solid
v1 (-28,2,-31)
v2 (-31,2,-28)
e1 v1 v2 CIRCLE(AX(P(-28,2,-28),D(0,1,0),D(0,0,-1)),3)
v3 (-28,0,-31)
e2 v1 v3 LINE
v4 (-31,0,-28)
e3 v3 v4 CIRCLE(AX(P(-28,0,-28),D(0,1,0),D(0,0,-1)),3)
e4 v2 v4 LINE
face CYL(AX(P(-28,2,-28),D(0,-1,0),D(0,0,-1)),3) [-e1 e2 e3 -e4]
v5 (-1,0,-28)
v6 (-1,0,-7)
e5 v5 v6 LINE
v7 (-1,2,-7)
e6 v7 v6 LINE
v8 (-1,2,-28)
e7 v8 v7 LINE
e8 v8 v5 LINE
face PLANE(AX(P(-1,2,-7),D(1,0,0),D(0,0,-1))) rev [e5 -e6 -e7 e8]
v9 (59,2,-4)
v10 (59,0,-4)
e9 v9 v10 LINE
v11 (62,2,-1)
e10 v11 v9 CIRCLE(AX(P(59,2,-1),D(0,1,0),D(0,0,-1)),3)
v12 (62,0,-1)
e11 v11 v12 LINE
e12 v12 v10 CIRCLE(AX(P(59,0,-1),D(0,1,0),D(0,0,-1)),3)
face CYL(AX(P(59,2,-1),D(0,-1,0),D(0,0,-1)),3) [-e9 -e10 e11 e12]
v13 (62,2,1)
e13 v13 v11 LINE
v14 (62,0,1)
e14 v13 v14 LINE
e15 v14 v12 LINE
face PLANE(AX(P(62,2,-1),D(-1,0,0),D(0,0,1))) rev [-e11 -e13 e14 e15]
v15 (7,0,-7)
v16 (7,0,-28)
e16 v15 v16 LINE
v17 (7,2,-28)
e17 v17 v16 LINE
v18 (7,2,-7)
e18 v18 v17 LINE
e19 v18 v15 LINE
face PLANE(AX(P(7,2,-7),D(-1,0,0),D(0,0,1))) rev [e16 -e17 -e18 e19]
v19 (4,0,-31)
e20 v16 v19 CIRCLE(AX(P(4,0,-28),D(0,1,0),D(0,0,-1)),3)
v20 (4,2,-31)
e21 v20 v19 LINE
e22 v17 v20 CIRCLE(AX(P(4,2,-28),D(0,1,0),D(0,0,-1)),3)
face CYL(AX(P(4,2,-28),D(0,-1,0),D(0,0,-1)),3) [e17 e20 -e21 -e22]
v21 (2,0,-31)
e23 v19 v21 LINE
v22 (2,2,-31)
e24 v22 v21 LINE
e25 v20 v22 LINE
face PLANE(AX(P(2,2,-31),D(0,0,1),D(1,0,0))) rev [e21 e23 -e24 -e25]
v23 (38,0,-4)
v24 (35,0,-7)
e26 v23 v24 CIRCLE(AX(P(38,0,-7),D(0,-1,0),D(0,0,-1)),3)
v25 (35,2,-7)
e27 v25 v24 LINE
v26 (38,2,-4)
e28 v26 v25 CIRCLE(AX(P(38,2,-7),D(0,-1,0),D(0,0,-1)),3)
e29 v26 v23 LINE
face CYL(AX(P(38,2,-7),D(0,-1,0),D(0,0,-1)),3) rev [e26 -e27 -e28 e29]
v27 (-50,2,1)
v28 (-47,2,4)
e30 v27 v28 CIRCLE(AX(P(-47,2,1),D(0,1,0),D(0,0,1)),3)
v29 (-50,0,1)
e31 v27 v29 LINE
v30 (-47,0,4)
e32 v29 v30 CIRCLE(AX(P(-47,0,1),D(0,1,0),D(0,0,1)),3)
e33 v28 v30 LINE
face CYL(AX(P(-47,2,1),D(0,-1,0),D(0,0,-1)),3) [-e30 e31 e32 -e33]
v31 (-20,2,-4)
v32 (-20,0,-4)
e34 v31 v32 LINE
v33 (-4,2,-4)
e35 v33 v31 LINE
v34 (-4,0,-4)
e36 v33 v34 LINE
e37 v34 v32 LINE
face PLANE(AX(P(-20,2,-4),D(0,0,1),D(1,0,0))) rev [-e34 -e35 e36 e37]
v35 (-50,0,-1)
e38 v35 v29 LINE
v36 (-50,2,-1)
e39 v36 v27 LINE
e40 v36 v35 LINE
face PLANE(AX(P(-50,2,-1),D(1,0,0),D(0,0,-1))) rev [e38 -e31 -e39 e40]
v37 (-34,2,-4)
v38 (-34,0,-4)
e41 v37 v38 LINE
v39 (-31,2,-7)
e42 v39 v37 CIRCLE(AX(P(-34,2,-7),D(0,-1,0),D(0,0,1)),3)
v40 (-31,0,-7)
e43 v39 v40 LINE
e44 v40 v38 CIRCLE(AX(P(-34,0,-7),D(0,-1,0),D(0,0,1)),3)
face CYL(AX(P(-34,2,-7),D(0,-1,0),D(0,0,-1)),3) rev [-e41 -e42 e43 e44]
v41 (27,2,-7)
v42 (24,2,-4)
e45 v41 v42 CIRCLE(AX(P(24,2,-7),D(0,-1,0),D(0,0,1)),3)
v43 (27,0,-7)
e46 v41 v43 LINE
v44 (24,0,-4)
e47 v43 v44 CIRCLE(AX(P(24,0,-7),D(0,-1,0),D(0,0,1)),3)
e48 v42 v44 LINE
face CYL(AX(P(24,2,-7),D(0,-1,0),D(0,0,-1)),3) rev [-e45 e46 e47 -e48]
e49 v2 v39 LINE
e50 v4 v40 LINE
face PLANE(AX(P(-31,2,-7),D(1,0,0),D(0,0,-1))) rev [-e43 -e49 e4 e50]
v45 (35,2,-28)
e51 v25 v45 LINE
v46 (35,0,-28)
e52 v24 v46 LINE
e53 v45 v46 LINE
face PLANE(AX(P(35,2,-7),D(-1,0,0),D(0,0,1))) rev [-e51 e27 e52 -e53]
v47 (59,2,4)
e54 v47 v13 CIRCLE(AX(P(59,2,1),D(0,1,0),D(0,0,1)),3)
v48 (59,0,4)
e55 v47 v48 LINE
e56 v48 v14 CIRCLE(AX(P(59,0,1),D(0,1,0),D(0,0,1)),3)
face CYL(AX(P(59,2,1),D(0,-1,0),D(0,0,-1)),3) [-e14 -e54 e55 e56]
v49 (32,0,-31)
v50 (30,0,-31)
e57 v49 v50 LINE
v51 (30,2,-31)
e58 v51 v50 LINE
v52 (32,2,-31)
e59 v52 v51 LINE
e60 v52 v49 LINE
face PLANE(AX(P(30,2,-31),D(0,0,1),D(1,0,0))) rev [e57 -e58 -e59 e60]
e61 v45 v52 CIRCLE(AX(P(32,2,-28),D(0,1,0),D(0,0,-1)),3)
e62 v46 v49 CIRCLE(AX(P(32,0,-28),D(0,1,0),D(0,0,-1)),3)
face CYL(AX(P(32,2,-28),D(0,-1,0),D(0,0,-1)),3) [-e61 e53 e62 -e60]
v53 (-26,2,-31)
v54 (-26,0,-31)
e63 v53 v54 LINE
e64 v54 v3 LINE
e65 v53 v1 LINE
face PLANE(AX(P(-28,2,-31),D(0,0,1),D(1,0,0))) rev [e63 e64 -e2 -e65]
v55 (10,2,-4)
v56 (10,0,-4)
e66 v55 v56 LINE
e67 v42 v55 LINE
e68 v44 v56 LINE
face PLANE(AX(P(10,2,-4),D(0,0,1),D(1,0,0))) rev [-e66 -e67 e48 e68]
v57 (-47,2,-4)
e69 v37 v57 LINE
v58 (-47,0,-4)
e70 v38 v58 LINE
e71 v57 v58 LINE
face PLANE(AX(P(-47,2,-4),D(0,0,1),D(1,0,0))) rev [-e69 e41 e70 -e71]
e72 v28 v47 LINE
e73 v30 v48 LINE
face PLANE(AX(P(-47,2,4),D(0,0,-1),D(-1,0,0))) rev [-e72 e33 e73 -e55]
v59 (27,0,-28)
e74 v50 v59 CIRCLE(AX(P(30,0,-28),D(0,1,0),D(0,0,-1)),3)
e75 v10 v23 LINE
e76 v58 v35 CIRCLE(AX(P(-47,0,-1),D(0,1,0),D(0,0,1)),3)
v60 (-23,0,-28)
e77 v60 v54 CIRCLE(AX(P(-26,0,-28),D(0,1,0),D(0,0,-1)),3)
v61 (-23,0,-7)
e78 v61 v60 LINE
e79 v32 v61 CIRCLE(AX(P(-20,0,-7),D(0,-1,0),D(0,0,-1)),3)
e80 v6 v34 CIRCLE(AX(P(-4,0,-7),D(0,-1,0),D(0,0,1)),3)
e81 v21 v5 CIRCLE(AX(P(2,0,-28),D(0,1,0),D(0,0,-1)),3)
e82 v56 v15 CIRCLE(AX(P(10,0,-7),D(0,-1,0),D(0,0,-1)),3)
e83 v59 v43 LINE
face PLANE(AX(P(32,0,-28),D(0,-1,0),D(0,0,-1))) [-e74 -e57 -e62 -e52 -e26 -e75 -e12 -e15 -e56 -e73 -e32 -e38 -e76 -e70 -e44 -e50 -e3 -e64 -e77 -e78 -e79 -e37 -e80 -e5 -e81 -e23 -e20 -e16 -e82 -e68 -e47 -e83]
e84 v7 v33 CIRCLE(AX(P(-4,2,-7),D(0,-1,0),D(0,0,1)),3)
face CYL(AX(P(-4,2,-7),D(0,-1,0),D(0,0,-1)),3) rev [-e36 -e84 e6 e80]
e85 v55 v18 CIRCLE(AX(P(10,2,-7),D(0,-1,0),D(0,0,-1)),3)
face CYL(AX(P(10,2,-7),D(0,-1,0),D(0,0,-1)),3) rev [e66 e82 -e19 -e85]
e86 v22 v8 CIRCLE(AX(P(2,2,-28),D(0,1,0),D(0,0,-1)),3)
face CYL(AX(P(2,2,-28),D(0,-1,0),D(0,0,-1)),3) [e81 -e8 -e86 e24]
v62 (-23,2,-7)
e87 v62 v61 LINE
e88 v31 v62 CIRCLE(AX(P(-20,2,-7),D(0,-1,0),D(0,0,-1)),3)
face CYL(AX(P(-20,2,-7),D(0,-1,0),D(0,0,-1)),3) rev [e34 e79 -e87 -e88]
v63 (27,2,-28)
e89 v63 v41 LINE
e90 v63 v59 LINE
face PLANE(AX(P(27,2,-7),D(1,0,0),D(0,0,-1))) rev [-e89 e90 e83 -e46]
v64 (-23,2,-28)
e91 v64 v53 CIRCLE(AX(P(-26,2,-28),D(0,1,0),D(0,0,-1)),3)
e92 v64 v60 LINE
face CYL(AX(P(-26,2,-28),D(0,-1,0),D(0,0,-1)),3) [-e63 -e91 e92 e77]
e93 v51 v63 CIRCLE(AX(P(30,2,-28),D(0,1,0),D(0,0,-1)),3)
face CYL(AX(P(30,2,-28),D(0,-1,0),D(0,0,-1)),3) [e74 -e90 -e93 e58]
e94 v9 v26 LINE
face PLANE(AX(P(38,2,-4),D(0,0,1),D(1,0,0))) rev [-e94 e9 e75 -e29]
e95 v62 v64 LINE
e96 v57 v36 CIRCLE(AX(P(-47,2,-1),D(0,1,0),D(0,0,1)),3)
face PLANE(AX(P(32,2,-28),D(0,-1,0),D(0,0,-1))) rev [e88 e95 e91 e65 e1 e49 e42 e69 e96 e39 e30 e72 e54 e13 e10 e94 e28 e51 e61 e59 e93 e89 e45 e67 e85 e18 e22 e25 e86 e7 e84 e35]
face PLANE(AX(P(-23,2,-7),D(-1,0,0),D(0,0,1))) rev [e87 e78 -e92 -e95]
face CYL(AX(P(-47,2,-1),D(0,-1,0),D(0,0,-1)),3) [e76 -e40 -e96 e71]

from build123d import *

# Parameters (mm, degrees)
BOSS_EXTRUDE1_DEPTH = 2


with BuildPart() as part:
    # Sketch1 → Boss-Extrude1 (new body)
    with BuildSketch(Plane(origin=(0, 0, 0), x_dir=(1, 0, 0), z_dir=(0, 1, 0))):
        with BuildLine():
            Line((-20, 4), (-4, 4))
            ThreePointArc((-4, 4), (-1.878679656, 4.878679656), (-1, 7))
            Line((-1, 7), (-1, 28))
            ThreePointArc((-1, 28), (-0.121320344, 30.121320344), (2, 31))
            Line((2, 31), (4, 31))
            ThreePointArc((4, 31), (6.121320344, 30.121320344), (7, 28))
            Line((7, 28), (7, 7))
            ThreePointArc((7, 7), (7.878679656, 4.878679656), (10, 4))
            Line((10, 4), (24, 4))
            ThreePointArc((24, 4), (26.121320344, 4.878679656), (27, 7))
            Line((27, 7), (27, 28))
            ThreePointArc((27, 28), (27.878679656, 30.121320344), (30, 31))
            Line((30, 31), (32, 31))
            ThreePointArc((32, 31), (34.121320344, 30.121320344), (35, 28))
            Line((35, 28), (35, 7))
            ThreePointArc((35, 7), (35.878679656, 4.878679656), (38, 4))
            Line((38, 4), (59, 4))
            ThreePointArc((59, 4), (61.121320344, 3.121320344), (62, 1))
            Line((62, 1), (62, -1))
            ThreePointArc((62, -1), (61.121320344, -3.121320344), (59, -4))
            Line((59, -4), (-47, -4))
            ThreePointArc((-47, -4), (-49.121320344, -3.121320344), (-50, -1))
            Line((-50, -1), (-50, 1))
            ThreePointArc((-50, 1), (-49.121320344, 3.121320344), (-47, 4))
            Line((-47, 4), (-34, 4))
            ThreePointArc((-34, 4), (-31.878679656, 4.878679656), (-31, 7))
            Line((-31, 7), (-31, 28))
            ThreePointArc((-31, 28), (-30.121320344, 30.121320344), (-28, 31))
            Line((-28, 31), (-26, 31))
            ThreePointArc((-26, 31), (-23.878679656, 30.121320344), (-23, 28))
            Line((-23, 28), (-23, 7))
            ThreePointArc((-23, 7), (-22.121320344, 4.878679656), (-20, 4))
        make_face()
    extrude(amount=BOSS_EXTRUDE1_DEPTH)


solid = part.part
